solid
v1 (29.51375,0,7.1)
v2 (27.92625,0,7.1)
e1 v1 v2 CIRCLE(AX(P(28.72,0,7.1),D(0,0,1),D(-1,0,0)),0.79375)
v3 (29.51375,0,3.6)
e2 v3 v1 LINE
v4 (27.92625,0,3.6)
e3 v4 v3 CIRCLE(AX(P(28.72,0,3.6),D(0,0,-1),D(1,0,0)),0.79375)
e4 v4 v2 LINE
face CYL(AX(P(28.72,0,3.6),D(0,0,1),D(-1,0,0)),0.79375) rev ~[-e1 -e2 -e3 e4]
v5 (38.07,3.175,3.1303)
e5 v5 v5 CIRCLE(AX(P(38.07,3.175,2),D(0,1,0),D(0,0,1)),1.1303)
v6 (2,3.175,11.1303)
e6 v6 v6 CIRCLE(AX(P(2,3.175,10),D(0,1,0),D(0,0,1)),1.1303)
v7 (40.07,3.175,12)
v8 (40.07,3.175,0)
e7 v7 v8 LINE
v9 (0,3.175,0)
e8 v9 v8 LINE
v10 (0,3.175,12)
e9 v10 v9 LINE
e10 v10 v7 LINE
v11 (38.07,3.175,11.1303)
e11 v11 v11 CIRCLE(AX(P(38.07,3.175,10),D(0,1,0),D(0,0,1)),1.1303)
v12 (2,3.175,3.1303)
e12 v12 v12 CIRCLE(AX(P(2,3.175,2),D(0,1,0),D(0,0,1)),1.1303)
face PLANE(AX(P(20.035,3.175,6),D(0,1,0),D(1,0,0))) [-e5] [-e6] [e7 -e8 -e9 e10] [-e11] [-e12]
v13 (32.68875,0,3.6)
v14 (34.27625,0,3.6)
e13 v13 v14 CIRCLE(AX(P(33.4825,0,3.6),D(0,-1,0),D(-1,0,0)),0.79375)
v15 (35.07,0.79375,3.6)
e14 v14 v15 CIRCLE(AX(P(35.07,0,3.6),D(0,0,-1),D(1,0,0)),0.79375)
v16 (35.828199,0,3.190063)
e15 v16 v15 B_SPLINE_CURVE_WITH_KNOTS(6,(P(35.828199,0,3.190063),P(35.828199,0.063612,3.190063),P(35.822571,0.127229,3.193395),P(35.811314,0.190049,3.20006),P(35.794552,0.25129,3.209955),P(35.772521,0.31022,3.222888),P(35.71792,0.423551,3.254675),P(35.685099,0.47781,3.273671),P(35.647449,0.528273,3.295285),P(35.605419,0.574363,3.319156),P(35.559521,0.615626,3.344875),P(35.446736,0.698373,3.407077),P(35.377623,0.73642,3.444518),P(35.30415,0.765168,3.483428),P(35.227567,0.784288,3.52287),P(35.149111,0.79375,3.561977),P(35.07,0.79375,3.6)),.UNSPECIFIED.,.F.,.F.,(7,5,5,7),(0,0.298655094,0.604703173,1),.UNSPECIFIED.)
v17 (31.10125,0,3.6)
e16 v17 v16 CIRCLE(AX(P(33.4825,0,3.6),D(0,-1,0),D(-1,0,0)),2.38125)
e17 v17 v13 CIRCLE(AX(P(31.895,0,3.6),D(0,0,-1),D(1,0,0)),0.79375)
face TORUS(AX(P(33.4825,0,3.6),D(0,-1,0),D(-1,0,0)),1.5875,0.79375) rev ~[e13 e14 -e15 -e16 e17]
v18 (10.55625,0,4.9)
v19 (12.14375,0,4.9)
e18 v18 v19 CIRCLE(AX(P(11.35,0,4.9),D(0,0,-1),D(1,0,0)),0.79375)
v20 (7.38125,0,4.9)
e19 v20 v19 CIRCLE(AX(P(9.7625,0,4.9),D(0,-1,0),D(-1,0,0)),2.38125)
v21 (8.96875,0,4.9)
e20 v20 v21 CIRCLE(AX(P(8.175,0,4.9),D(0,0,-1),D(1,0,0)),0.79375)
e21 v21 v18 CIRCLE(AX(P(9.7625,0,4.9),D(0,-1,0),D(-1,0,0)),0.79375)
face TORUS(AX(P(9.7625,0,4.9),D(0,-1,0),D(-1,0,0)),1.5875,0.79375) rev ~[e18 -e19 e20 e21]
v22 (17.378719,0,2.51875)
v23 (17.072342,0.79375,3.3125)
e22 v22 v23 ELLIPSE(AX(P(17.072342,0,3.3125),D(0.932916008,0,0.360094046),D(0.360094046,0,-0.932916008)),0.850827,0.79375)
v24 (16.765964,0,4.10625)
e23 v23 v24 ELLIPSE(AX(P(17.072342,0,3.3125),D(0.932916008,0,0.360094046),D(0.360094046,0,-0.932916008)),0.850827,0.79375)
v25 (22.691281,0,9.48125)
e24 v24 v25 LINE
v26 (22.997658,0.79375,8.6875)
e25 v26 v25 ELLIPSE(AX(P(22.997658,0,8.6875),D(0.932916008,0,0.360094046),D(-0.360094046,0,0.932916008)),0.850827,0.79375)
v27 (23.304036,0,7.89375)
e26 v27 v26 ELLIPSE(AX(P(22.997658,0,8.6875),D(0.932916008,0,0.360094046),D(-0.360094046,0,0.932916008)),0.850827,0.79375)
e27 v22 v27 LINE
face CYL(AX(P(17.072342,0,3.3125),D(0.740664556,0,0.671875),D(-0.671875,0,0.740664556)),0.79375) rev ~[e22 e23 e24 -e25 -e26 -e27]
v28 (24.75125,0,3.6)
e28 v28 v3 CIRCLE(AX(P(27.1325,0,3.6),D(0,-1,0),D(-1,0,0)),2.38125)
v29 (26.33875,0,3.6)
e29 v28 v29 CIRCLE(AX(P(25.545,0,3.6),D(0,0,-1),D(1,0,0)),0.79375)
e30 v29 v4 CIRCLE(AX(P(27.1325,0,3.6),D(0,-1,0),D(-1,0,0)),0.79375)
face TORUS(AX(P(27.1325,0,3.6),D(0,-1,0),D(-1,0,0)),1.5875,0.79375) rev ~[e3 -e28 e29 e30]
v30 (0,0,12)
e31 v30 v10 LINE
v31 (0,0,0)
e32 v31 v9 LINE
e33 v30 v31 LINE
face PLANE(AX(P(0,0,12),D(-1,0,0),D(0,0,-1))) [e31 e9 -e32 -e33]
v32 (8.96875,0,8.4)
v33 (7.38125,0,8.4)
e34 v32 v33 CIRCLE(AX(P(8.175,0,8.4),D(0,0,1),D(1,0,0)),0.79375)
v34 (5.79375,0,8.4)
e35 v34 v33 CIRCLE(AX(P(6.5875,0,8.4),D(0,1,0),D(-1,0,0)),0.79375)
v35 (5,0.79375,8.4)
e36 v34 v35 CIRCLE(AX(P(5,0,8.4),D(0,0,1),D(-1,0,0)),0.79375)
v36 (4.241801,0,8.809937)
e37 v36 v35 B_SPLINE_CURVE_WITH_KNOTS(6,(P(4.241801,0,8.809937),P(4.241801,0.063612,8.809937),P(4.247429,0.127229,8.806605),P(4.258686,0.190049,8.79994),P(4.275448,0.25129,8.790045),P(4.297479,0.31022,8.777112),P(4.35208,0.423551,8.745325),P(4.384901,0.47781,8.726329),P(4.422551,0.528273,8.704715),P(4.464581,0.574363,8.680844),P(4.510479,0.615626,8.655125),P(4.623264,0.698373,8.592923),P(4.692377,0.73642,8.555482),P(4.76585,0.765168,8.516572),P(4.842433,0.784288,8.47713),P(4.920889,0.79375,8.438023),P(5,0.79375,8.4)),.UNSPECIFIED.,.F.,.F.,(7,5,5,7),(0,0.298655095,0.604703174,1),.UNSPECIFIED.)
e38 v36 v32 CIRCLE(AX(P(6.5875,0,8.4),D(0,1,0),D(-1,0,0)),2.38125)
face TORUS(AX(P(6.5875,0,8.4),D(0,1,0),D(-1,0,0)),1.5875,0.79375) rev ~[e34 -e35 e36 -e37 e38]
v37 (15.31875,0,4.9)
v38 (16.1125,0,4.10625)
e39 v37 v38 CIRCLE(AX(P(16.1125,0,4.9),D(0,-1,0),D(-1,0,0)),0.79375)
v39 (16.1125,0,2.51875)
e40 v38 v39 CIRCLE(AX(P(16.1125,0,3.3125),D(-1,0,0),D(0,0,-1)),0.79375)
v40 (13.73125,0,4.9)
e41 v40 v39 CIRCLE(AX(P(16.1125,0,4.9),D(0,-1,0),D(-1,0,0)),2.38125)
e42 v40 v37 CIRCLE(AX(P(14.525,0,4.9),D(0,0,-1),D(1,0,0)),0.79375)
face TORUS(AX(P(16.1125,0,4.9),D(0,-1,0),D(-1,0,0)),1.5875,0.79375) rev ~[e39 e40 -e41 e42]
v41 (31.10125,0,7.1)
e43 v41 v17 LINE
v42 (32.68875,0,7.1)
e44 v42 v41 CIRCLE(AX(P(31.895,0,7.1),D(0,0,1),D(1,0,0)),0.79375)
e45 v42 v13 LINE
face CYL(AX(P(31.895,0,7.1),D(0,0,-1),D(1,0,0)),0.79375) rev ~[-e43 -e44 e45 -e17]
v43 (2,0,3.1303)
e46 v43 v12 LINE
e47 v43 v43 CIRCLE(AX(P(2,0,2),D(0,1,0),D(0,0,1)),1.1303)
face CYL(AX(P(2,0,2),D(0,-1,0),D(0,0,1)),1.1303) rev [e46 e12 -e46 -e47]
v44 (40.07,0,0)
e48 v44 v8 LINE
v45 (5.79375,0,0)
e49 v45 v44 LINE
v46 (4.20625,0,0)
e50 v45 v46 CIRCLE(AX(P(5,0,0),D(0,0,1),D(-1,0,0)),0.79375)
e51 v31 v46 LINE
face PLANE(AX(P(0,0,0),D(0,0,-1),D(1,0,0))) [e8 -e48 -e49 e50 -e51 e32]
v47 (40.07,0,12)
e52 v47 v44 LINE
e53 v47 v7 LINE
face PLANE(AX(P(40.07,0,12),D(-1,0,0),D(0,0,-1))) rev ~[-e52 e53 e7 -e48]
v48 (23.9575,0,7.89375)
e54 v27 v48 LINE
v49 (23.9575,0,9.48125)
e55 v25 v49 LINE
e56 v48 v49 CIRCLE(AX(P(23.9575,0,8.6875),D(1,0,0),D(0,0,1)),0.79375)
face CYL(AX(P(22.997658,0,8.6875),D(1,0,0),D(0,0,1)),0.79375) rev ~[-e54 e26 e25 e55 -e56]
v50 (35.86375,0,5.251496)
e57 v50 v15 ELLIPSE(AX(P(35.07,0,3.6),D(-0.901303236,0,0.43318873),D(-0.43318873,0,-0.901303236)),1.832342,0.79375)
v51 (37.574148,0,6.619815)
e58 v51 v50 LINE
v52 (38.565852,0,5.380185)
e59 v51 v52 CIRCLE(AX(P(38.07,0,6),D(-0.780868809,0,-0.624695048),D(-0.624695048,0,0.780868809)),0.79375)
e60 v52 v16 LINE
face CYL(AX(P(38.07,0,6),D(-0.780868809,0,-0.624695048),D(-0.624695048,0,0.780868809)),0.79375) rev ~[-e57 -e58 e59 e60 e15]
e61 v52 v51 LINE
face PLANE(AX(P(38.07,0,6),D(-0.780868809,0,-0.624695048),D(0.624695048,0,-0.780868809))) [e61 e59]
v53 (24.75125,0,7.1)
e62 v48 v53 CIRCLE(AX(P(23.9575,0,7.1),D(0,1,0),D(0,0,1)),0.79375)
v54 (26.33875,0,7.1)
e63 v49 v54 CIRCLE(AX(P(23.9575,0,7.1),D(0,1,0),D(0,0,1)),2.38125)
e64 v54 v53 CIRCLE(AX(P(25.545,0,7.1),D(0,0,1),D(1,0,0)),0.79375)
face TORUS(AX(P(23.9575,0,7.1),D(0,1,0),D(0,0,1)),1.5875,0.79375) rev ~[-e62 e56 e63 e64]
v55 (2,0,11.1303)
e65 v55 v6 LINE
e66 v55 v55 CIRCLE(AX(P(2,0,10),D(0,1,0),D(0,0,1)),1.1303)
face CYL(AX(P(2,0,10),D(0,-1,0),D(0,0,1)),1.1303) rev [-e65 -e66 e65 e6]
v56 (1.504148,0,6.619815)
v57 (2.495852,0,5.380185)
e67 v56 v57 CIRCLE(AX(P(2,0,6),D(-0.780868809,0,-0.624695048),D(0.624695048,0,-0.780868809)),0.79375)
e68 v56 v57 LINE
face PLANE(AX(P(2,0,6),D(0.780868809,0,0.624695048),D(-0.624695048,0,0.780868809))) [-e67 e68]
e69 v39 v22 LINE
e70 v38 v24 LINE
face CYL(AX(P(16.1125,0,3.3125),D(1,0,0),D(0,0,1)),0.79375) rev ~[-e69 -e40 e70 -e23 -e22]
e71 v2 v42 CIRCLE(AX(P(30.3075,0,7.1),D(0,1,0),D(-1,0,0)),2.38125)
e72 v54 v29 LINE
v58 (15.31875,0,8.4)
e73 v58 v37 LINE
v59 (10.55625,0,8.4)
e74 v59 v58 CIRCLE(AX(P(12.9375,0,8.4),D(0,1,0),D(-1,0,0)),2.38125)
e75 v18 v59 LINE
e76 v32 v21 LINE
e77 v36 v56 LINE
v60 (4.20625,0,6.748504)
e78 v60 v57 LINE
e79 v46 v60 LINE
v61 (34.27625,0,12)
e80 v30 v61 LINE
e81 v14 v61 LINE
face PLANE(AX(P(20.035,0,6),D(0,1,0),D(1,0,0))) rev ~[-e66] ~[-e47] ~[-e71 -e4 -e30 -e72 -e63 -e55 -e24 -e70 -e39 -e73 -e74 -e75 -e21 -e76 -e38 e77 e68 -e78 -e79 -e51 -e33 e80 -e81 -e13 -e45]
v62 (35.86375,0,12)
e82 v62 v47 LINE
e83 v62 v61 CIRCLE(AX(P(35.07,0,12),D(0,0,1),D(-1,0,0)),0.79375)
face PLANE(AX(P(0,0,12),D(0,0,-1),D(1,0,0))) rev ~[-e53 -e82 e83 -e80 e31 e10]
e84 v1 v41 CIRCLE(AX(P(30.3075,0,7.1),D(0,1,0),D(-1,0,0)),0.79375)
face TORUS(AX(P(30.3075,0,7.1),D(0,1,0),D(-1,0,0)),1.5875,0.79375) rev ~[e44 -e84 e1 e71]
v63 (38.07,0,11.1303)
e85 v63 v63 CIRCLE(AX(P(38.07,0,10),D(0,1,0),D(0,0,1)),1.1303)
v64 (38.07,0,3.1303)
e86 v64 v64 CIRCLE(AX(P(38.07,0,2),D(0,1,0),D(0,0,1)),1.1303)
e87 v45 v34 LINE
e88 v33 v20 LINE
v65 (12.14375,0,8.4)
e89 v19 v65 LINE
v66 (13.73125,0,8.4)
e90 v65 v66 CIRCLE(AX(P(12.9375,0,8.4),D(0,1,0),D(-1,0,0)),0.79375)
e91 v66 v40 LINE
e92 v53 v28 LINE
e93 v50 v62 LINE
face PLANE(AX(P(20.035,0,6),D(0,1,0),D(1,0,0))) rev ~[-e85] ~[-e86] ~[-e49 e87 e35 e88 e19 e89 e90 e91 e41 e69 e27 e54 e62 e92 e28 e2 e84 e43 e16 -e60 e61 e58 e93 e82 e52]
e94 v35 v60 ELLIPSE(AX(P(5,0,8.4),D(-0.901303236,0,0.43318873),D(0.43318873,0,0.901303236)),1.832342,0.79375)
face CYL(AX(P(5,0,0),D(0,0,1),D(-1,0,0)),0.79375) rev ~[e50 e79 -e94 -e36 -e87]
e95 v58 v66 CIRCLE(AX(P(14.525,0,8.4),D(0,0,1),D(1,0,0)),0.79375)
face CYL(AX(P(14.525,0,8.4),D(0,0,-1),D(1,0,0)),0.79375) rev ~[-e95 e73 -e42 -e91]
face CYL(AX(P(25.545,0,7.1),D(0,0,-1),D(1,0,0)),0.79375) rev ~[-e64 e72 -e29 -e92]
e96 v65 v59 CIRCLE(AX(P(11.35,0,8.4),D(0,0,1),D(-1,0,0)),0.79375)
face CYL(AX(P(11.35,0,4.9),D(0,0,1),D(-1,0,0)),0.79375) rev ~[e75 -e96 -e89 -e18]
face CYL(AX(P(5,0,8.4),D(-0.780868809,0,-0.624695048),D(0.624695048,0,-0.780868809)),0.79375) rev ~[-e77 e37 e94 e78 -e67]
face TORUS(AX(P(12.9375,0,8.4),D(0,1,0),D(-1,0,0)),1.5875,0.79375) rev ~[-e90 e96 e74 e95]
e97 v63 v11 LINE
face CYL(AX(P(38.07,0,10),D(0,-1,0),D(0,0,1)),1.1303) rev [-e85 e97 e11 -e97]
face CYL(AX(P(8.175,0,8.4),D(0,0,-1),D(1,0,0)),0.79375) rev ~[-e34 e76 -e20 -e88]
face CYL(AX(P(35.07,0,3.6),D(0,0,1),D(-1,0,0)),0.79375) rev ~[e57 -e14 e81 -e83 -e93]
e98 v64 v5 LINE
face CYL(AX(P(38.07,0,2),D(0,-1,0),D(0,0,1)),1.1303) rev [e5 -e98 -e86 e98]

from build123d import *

# Parameters (mm, degrees)
SKETCH1_W           = 40.07
SKETCH1_H           = 12
SKETCH1_R           = 1.1303
BOSS_EXTRUDE1_DEPTH = 3.175
SKETCH3_R           = 0.79375
SKETCH5_R           = 0.79375
SKETCH8_R           = 0.79375


with BuildPart() as part:
    # Sketch1 → Boss-Extrude1 (new body)
    with BuildSketch(Plane(origin=(0, 0, 0), x_dir=(1, 0, 0), z_dir=(0, 1, 0))):
        with Locations((20.035, -6)):
            Rectangle(SKETCH1_W, SKETCH1_H)
        with Locations(Location((2, -2, 0), (0, 0, 270))):
            Circle(SKETCH1_R, mode=Mode.SUBTRACT)
        with Locations(Location((38.07, -2, 0), (0, 0, 270))):
            Circle(SKETCH1_R, mode=Mode.SUBTRACT)
        with Locations(Location((38.07, -10, 0), (0, 0, 270))):
            Circle(SKETCH1_R, mode=Mode.SUBTRACT)
        with Locations(Location((2, -10, 0), (0, 0, 270))):
            Circle(SKETCH1_R, mode=Mode.SUBTRACT)
    extrude(amount=BOSS_EXTRUDE1_DEPTH)

    # Cut-Sweep5: sweep along a path in Sketch2
    with BuildLine(Plane(origin=(0, 0, 0), x_dir=(1, 0, 0), z_dir=(0, 1, 0))) as cut_sweep5_path:
        Line((5, 0), (5, -8.4))
        ThreePointArc((5, -8.4), (6.5875, -9.9875), (8.175, -8.4))
        Line((8.175, -8.4), (8.175, -4.9))
        ThreePointArc((8.175, -4.9), (9.7625, -3.3125), (11.35, -4.9))
        Line((11.35, -4.9), (11.35, -8.4))
        ThreePointArc((11.35, -8.4), (12.9375, -9.9875), (14.525, -8.4))
        Line((14.525, -8.4), (14.525, -4.9))
        ThreePointArc((14.525, -4.9), (14.989967985, -3.777467985), (16.1125, -3.3125))
        Line((16.1125, -3.3125), (17.072341776, -3.3125))
        Line((17.072341776, -3.3125), (22.997658224, -8.6875))
        Line((22.997658224, -8.6875), (23.9575, -8.6875))
        ThreePointArc((23.9575, -8.6875), (25.080032015, -8.222532015), (25.545, -7.1))
        Line((25.545, -7.1), (25.545, -3.6))
        ThreePointArc((25.545, -3.6), (27.1325, -2.0125), (28.72, -3.6))
        Line((28.72, -3.6), (28.72, -7.1))
        ThreePointArc((28.72, -7.1), (30.3075, -8.6875), (31.895, -7.1))
        Line((31.895, -7.1), (31.895, -3.6))
        ThreePointArc((31.895, -3.6), (33.4825, -2.0125), (35.07, -3.6))
        Line((35.07, -3.6), (35.07, -12))
    # Sketch3 → Cut-Sweep5 (sweep, cut)
    with BuildSketch(Plane(origin=(0, 0, 0), x_dir=(-1, 0, 0), z_dir=(0, 0, -1))):
        with Locations((-5, 0)):
            Circle(SKETCH3_R)
    sweep(path=cut_sweep5_path.line, transition=Transition.RIGHT, mode=Mode.SUBTRACT)

    # Cut-Sweep10: sweep along a path in Sketch6
    with BuildLine(Plane(origin=(0, 0, 0), x_dir=(-1, 0, 0), z_dir=(0, -1, 0))) as cut_sweep10_path:
        Line((-38.07, -6), (-35.07, -3.6))
        Line((-35.07, -3.6), (-35.07, -12))
    # Sketch5 → Cut-Sweep10 (sweep, cut)
    with BuildSketch(Plane.XY.offset(12)):
        with Locations((35.07, 0)):
            Circle(SKETCH5_R)
    sweep(path=cut_sweep10_path.line, transition=Transition.RIGHT, mode=Mode.SUBTRACT)

    # Cut-Sweep11: sweep along a path in Sketch9
    with BuildLine(Plane.XZ) as cut_sweep11_path:
        Line((5, 0), (5, 8.4))
        Line((5, 8.4), (2, 6))
    # Sketch8 → Cut-Sweep11 (sweep, cut)
    with BuildSketch(Plane(origin=(0, 0, 0), x_dir=(-1, 0, 0), z_dir=(0, 0, -1))):
        with Locations((-5, 0)):
            Circle(SKETCH8_R)
    sweep(path=cut_sweep11_path.line, transition=Transition.RIGHT, mode=Mode.SUBTRACT)


solid = part.part
